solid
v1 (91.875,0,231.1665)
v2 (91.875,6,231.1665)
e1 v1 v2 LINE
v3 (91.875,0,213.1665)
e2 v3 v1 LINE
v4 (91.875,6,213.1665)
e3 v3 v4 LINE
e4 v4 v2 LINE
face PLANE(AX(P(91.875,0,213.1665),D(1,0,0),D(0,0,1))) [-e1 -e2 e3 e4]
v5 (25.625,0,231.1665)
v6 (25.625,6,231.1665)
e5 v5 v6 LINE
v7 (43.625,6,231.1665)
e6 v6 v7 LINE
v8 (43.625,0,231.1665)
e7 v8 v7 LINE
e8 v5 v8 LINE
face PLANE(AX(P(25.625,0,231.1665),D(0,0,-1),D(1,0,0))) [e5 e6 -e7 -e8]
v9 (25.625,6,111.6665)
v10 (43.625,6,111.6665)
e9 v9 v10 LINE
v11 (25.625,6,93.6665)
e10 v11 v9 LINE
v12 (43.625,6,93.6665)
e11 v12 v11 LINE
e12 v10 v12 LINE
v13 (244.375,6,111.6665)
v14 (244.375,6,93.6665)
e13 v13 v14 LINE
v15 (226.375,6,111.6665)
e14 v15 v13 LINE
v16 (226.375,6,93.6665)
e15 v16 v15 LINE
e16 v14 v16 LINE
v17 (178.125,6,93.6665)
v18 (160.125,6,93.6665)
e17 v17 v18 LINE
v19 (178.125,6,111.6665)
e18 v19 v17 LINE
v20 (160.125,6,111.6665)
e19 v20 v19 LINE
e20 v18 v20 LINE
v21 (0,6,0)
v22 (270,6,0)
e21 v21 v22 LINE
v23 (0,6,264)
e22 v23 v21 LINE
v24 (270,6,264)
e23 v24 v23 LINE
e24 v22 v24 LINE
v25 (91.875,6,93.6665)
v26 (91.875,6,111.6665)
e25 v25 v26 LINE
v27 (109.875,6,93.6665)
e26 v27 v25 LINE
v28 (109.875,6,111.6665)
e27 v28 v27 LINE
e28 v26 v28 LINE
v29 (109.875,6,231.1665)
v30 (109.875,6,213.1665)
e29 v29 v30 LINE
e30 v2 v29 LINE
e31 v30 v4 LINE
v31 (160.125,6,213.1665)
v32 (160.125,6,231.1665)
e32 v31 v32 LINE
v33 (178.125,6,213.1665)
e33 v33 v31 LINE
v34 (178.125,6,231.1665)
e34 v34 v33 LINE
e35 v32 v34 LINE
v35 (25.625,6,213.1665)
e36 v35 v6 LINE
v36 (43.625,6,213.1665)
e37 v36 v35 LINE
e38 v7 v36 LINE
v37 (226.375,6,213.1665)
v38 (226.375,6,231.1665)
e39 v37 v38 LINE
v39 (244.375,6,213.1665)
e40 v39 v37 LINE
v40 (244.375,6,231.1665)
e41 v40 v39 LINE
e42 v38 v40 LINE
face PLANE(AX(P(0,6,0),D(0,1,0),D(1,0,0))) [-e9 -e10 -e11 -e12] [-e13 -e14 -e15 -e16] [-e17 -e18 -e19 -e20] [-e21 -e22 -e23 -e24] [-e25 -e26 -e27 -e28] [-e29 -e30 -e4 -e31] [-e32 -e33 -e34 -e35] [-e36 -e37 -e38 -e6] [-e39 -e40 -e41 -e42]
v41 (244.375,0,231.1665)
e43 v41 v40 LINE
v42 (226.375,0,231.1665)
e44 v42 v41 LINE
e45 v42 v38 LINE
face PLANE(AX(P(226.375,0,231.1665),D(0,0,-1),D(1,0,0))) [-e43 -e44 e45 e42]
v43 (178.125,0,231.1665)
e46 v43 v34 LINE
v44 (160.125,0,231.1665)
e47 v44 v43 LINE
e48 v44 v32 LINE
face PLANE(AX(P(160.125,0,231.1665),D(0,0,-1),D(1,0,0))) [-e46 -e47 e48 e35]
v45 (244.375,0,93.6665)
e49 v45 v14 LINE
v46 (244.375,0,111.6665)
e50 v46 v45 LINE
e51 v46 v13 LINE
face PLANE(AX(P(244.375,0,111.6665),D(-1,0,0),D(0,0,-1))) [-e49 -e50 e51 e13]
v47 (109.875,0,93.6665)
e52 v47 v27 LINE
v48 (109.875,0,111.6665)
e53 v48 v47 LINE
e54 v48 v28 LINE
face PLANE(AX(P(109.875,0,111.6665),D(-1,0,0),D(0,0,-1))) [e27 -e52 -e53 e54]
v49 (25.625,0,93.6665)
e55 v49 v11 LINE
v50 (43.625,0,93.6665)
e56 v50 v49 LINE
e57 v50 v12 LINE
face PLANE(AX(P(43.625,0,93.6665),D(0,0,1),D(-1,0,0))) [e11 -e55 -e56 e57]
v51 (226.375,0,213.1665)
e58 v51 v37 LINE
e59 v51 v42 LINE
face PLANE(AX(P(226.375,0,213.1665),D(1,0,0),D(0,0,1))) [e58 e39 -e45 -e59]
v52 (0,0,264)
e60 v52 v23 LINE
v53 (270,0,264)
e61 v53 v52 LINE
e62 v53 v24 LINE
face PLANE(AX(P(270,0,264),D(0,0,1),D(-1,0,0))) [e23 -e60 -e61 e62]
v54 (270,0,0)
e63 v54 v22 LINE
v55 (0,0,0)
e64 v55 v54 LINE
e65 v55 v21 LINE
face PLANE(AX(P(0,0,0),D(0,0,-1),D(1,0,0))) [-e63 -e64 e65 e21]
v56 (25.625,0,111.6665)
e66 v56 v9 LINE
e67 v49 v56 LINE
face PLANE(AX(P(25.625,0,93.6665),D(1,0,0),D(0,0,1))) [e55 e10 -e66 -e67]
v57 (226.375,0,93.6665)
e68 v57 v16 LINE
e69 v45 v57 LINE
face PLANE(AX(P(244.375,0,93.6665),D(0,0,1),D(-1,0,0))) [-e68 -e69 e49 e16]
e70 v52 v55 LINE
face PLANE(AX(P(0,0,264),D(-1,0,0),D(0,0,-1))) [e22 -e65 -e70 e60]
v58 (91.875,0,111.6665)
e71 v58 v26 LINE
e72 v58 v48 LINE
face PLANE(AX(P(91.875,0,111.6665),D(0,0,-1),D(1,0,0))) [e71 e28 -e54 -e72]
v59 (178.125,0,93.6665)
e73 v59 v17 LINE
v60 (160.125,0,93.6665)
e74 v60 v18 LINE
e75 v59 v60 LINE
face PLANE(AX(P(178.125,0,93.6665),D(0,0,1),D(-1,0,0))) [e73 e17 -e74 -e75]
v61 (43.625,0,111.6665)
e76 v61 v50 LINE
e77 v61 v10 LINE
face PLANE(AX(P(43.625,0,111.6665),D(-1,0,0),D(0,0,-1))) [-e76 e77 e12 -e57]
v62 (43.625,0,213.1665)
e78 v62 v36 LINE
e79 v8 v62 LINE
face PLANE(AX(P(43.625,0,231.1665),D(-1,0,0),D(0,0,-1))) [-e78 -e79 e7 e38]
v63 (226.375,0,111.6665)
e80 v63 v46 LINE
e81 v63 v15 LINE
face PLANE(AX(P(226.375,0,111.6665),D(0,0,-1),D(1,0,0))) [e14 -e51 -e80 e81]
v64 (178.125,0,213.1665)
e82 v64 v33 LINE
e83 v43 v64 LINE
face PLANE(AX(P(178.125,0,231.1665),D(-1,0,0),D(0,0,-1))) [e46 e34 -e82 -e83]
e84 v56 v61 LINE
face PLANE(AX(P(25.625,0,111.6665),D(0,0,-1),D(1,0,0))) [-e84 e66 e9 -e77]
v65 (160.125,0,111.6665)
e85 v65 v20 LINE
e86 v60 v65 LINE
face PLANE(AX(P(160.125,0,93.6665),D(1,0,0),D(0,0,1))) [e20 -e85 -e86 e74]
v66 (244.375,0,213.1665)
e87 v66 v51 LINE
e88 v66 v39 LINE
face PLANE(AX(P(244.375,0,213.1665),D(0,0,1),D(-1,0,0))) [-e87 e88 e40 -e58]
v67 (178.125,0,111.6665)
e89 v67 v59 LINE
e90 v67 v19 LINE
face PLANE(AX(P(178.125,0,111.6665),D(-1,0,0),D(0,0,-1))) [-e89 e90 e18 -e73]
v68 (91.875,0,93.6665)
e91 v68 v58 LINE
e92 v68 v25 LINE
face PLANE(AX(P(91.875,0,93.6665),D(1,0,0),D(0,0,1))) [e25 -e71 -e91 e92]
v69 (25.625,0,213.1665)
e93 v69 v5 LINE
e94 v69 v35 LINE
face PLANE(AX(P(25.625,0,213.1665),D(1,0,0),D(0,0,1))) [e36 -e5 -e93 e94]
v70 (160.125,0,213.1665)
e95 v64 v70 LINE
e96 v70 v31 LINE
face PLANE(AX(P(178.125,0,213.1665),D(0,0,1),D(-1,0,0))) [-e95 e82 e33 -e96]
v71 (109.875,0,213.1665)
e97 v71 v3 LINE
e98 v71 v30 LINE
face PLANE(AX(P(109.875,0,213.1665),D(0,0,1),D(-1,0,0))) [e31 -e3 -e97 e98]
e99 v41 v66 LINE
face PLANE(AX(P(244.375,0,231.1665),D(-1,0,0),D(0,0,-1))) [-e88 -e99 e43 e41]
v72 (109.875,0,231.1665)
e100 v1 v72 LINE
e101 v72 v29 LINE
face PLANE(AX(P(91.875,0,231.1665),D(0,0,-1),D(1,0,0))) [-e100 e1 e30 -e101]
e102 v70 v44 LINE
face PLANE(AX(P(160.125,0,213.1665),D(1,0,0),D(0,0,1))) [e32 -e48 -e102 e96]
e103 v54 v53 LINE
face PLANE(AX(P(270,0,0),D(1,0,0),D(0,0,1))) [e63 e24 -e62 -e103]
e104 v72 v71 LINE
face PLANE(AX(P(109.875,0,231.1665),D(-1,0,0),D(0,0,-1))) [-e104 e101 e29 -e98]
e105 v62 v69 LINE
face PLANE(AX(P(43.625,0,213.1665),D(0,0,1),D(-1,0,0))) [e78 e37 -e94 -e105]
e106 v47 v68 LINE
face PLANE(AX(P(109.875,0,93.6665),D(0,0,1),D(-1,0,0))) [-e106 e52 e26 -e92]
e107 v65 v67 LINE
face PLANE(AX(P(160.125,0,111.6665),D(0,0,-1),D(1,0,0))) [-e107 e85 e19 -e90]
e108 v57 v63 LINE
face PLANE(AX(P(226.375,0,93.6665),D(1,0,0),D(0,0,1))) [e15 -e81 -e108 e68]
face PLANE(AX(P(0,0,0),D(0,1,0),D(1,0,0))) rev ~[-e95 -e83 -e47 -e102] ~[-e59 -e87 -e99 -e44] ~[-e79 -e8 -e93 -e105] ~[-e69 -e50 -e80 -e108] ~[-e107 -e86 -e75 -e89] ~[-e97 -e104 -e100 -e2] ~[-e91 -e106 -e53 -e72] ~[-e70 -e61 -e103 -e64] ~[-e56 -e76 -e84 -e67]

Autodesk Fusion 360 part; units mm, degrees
sketch "Sketch1" plane through (0, 0, 0) normal (0, 1, 0) x (1, 0, 0)
  line L0 (0, 0) -> (270, 0)
  line L1 (270, 0) -> (270, -264)
  line L2 (270, -264) -> (0, -264)
  line L3 (0, -264) -> (0, 0)
  dimension "d1" = 270
  dimension "d2" = 264
extrude "Extrude1" add sketch "Sketch1" along normal blind 6
sketch "Sketch2" plane through (0, 0, 0) normal (0, -1, 0) x (1, 0, 0)
  line L0 (270, 264) -> (0, 264)
  line L1 (0, 264) -> (0, 0)
  line L2 (0, 0) -> (270, 0)
  line L3 (270, 0) -> (270, 264)
  line L4 (25.625, 231.1665) -> (43.625, 231.1665)
  line L5 (43.625, 231.1665) -> (43.625, 213.1665)
  line L6 (43.625, 213.1665) -> (25.625, 213.1665)
  line L7 (25.625, 213.1665) -> (25.625, 231.1665)
  line L8 (91.875, 231.1665) -> (109.875, 231.1665)
  line L9 (109.875, 231.1665) -> (109.875, 213.1665)
  line L10 (109.875, 213.1665) -> (91.875, 213.1665)
  line L11 (91.875, 213.1665) -> (91.875, 231.1665)
  line L12 (160.125, 231.1665) -> (178.125, 231.1665)
  line L13 (178.125, 231.1665) -> (178.125, 213.1665)
  line L14 (178.125, 213.1665) -> (160.125, 213.1665)
  line L15 (160.125, 213.1665) -> (160.125, 231.1665)
  line L16 (226.375, 231.1665) -> (244.375, 231.1665)
  line L17 (244.375, 231.1665) -> (244.375, 213.1665)
  line L18 (244.375, 213.1665) -> (226.375, 213.1665)
  line L19 (226.375, 213.1665) -> (226.375, 231.1665)
  line L20 (25.625, 111.6665) -> (43.625, 111.6665)
  line L21 (43.625, 111.6665) -> (43.625, 93.6665)
  line L22 (43.625, 93.6665) -> (25.625, 93.6665)
  line L23 (25.625, 93.6665) -> (25.625, 111.6665)
  line L24 (91.875, 111.6665) -> (109.875, 111.6665)
  line L25 (109.875, 111.6665) -> (109.875, 93.6665)
  line L26 (109.875, 93.6665) -> (91.875, 93.6665)
  line L27 (91.875, 93.6665) -> (91.875, 111.6665)
  line L28 (160.125, 111.6665) -> (178.125, 111.6665)
  line L29 (178.125, 111.6665) -> (178.125, 93.6665)
  line L30 (178.125, 93.6665) -> (160.125, 93.6665)
  line L31 (160.125, 93.6665) -> (160.125, 111.6665)
  line L32 (226.375, 111.6665) -> (244.375, 111.6665)
  line L33 (244.375, 111.6665) -> (244.375, 93.6665)
  line L34 (244.375, 93.6665) -> (226.375, 93.6665)
  line L35 (226.375, 93.6665) -> (226.375, 111.6665)
  dimension "d5" = 18
  dimension "d6" = 18
  dimension "d7" = 18
  dimension "d8" = 18
  dimension "d9" = 18
  dimension "d10" = 18
  dimension "d11" = 270
  dimension "d12" = 264
  dimension "d13" = 25.625
  dimension "d17" = 32.8335
  dimension "d18" = 152.3335
  dimension "d19" = 48.25
  dimension "d22" = 48.25
  dimension "d24" = 25.625
extrude "Extrude2" cut sketch "Sketch2" against normal blind 6 contours L4 L5 L6 L7 | L8 L9 L10 L11 | L12 L13 L14 L15 | L16 L17 L18 L19 | L20 L21 L22 L23 | L24 L25 L26 L27 | L28 L29 L30 L31 | L32 L33 L34 L35
equation "d13 = 3 mm + ( ( 63.25 / 2 ) * 1 mm ) - ( ( 18 / 2 ) * 1 mm )"
equation "d17 = 3 mm + ( ( 77.667 / 2 ) * 1 mm ) - ( ( 18 / 2 ) * 1 mm )"
equation "d18 = 122.5 mm + ( ( 77.667 / 2 ) * 1 mm ) - ( ( 18 / 2 ) * 1 mm )"
equation "d19 = 3 mm + 63.25 mm - 18 mm"
equation "d22 = 3 mm + 63.25 mm - 18 mm"
equation "d24 = 3 mm + ( ( 63.25 / 2 ) * 1 mm ) - ( ( 18 / 2 ) * 1 mm )"
